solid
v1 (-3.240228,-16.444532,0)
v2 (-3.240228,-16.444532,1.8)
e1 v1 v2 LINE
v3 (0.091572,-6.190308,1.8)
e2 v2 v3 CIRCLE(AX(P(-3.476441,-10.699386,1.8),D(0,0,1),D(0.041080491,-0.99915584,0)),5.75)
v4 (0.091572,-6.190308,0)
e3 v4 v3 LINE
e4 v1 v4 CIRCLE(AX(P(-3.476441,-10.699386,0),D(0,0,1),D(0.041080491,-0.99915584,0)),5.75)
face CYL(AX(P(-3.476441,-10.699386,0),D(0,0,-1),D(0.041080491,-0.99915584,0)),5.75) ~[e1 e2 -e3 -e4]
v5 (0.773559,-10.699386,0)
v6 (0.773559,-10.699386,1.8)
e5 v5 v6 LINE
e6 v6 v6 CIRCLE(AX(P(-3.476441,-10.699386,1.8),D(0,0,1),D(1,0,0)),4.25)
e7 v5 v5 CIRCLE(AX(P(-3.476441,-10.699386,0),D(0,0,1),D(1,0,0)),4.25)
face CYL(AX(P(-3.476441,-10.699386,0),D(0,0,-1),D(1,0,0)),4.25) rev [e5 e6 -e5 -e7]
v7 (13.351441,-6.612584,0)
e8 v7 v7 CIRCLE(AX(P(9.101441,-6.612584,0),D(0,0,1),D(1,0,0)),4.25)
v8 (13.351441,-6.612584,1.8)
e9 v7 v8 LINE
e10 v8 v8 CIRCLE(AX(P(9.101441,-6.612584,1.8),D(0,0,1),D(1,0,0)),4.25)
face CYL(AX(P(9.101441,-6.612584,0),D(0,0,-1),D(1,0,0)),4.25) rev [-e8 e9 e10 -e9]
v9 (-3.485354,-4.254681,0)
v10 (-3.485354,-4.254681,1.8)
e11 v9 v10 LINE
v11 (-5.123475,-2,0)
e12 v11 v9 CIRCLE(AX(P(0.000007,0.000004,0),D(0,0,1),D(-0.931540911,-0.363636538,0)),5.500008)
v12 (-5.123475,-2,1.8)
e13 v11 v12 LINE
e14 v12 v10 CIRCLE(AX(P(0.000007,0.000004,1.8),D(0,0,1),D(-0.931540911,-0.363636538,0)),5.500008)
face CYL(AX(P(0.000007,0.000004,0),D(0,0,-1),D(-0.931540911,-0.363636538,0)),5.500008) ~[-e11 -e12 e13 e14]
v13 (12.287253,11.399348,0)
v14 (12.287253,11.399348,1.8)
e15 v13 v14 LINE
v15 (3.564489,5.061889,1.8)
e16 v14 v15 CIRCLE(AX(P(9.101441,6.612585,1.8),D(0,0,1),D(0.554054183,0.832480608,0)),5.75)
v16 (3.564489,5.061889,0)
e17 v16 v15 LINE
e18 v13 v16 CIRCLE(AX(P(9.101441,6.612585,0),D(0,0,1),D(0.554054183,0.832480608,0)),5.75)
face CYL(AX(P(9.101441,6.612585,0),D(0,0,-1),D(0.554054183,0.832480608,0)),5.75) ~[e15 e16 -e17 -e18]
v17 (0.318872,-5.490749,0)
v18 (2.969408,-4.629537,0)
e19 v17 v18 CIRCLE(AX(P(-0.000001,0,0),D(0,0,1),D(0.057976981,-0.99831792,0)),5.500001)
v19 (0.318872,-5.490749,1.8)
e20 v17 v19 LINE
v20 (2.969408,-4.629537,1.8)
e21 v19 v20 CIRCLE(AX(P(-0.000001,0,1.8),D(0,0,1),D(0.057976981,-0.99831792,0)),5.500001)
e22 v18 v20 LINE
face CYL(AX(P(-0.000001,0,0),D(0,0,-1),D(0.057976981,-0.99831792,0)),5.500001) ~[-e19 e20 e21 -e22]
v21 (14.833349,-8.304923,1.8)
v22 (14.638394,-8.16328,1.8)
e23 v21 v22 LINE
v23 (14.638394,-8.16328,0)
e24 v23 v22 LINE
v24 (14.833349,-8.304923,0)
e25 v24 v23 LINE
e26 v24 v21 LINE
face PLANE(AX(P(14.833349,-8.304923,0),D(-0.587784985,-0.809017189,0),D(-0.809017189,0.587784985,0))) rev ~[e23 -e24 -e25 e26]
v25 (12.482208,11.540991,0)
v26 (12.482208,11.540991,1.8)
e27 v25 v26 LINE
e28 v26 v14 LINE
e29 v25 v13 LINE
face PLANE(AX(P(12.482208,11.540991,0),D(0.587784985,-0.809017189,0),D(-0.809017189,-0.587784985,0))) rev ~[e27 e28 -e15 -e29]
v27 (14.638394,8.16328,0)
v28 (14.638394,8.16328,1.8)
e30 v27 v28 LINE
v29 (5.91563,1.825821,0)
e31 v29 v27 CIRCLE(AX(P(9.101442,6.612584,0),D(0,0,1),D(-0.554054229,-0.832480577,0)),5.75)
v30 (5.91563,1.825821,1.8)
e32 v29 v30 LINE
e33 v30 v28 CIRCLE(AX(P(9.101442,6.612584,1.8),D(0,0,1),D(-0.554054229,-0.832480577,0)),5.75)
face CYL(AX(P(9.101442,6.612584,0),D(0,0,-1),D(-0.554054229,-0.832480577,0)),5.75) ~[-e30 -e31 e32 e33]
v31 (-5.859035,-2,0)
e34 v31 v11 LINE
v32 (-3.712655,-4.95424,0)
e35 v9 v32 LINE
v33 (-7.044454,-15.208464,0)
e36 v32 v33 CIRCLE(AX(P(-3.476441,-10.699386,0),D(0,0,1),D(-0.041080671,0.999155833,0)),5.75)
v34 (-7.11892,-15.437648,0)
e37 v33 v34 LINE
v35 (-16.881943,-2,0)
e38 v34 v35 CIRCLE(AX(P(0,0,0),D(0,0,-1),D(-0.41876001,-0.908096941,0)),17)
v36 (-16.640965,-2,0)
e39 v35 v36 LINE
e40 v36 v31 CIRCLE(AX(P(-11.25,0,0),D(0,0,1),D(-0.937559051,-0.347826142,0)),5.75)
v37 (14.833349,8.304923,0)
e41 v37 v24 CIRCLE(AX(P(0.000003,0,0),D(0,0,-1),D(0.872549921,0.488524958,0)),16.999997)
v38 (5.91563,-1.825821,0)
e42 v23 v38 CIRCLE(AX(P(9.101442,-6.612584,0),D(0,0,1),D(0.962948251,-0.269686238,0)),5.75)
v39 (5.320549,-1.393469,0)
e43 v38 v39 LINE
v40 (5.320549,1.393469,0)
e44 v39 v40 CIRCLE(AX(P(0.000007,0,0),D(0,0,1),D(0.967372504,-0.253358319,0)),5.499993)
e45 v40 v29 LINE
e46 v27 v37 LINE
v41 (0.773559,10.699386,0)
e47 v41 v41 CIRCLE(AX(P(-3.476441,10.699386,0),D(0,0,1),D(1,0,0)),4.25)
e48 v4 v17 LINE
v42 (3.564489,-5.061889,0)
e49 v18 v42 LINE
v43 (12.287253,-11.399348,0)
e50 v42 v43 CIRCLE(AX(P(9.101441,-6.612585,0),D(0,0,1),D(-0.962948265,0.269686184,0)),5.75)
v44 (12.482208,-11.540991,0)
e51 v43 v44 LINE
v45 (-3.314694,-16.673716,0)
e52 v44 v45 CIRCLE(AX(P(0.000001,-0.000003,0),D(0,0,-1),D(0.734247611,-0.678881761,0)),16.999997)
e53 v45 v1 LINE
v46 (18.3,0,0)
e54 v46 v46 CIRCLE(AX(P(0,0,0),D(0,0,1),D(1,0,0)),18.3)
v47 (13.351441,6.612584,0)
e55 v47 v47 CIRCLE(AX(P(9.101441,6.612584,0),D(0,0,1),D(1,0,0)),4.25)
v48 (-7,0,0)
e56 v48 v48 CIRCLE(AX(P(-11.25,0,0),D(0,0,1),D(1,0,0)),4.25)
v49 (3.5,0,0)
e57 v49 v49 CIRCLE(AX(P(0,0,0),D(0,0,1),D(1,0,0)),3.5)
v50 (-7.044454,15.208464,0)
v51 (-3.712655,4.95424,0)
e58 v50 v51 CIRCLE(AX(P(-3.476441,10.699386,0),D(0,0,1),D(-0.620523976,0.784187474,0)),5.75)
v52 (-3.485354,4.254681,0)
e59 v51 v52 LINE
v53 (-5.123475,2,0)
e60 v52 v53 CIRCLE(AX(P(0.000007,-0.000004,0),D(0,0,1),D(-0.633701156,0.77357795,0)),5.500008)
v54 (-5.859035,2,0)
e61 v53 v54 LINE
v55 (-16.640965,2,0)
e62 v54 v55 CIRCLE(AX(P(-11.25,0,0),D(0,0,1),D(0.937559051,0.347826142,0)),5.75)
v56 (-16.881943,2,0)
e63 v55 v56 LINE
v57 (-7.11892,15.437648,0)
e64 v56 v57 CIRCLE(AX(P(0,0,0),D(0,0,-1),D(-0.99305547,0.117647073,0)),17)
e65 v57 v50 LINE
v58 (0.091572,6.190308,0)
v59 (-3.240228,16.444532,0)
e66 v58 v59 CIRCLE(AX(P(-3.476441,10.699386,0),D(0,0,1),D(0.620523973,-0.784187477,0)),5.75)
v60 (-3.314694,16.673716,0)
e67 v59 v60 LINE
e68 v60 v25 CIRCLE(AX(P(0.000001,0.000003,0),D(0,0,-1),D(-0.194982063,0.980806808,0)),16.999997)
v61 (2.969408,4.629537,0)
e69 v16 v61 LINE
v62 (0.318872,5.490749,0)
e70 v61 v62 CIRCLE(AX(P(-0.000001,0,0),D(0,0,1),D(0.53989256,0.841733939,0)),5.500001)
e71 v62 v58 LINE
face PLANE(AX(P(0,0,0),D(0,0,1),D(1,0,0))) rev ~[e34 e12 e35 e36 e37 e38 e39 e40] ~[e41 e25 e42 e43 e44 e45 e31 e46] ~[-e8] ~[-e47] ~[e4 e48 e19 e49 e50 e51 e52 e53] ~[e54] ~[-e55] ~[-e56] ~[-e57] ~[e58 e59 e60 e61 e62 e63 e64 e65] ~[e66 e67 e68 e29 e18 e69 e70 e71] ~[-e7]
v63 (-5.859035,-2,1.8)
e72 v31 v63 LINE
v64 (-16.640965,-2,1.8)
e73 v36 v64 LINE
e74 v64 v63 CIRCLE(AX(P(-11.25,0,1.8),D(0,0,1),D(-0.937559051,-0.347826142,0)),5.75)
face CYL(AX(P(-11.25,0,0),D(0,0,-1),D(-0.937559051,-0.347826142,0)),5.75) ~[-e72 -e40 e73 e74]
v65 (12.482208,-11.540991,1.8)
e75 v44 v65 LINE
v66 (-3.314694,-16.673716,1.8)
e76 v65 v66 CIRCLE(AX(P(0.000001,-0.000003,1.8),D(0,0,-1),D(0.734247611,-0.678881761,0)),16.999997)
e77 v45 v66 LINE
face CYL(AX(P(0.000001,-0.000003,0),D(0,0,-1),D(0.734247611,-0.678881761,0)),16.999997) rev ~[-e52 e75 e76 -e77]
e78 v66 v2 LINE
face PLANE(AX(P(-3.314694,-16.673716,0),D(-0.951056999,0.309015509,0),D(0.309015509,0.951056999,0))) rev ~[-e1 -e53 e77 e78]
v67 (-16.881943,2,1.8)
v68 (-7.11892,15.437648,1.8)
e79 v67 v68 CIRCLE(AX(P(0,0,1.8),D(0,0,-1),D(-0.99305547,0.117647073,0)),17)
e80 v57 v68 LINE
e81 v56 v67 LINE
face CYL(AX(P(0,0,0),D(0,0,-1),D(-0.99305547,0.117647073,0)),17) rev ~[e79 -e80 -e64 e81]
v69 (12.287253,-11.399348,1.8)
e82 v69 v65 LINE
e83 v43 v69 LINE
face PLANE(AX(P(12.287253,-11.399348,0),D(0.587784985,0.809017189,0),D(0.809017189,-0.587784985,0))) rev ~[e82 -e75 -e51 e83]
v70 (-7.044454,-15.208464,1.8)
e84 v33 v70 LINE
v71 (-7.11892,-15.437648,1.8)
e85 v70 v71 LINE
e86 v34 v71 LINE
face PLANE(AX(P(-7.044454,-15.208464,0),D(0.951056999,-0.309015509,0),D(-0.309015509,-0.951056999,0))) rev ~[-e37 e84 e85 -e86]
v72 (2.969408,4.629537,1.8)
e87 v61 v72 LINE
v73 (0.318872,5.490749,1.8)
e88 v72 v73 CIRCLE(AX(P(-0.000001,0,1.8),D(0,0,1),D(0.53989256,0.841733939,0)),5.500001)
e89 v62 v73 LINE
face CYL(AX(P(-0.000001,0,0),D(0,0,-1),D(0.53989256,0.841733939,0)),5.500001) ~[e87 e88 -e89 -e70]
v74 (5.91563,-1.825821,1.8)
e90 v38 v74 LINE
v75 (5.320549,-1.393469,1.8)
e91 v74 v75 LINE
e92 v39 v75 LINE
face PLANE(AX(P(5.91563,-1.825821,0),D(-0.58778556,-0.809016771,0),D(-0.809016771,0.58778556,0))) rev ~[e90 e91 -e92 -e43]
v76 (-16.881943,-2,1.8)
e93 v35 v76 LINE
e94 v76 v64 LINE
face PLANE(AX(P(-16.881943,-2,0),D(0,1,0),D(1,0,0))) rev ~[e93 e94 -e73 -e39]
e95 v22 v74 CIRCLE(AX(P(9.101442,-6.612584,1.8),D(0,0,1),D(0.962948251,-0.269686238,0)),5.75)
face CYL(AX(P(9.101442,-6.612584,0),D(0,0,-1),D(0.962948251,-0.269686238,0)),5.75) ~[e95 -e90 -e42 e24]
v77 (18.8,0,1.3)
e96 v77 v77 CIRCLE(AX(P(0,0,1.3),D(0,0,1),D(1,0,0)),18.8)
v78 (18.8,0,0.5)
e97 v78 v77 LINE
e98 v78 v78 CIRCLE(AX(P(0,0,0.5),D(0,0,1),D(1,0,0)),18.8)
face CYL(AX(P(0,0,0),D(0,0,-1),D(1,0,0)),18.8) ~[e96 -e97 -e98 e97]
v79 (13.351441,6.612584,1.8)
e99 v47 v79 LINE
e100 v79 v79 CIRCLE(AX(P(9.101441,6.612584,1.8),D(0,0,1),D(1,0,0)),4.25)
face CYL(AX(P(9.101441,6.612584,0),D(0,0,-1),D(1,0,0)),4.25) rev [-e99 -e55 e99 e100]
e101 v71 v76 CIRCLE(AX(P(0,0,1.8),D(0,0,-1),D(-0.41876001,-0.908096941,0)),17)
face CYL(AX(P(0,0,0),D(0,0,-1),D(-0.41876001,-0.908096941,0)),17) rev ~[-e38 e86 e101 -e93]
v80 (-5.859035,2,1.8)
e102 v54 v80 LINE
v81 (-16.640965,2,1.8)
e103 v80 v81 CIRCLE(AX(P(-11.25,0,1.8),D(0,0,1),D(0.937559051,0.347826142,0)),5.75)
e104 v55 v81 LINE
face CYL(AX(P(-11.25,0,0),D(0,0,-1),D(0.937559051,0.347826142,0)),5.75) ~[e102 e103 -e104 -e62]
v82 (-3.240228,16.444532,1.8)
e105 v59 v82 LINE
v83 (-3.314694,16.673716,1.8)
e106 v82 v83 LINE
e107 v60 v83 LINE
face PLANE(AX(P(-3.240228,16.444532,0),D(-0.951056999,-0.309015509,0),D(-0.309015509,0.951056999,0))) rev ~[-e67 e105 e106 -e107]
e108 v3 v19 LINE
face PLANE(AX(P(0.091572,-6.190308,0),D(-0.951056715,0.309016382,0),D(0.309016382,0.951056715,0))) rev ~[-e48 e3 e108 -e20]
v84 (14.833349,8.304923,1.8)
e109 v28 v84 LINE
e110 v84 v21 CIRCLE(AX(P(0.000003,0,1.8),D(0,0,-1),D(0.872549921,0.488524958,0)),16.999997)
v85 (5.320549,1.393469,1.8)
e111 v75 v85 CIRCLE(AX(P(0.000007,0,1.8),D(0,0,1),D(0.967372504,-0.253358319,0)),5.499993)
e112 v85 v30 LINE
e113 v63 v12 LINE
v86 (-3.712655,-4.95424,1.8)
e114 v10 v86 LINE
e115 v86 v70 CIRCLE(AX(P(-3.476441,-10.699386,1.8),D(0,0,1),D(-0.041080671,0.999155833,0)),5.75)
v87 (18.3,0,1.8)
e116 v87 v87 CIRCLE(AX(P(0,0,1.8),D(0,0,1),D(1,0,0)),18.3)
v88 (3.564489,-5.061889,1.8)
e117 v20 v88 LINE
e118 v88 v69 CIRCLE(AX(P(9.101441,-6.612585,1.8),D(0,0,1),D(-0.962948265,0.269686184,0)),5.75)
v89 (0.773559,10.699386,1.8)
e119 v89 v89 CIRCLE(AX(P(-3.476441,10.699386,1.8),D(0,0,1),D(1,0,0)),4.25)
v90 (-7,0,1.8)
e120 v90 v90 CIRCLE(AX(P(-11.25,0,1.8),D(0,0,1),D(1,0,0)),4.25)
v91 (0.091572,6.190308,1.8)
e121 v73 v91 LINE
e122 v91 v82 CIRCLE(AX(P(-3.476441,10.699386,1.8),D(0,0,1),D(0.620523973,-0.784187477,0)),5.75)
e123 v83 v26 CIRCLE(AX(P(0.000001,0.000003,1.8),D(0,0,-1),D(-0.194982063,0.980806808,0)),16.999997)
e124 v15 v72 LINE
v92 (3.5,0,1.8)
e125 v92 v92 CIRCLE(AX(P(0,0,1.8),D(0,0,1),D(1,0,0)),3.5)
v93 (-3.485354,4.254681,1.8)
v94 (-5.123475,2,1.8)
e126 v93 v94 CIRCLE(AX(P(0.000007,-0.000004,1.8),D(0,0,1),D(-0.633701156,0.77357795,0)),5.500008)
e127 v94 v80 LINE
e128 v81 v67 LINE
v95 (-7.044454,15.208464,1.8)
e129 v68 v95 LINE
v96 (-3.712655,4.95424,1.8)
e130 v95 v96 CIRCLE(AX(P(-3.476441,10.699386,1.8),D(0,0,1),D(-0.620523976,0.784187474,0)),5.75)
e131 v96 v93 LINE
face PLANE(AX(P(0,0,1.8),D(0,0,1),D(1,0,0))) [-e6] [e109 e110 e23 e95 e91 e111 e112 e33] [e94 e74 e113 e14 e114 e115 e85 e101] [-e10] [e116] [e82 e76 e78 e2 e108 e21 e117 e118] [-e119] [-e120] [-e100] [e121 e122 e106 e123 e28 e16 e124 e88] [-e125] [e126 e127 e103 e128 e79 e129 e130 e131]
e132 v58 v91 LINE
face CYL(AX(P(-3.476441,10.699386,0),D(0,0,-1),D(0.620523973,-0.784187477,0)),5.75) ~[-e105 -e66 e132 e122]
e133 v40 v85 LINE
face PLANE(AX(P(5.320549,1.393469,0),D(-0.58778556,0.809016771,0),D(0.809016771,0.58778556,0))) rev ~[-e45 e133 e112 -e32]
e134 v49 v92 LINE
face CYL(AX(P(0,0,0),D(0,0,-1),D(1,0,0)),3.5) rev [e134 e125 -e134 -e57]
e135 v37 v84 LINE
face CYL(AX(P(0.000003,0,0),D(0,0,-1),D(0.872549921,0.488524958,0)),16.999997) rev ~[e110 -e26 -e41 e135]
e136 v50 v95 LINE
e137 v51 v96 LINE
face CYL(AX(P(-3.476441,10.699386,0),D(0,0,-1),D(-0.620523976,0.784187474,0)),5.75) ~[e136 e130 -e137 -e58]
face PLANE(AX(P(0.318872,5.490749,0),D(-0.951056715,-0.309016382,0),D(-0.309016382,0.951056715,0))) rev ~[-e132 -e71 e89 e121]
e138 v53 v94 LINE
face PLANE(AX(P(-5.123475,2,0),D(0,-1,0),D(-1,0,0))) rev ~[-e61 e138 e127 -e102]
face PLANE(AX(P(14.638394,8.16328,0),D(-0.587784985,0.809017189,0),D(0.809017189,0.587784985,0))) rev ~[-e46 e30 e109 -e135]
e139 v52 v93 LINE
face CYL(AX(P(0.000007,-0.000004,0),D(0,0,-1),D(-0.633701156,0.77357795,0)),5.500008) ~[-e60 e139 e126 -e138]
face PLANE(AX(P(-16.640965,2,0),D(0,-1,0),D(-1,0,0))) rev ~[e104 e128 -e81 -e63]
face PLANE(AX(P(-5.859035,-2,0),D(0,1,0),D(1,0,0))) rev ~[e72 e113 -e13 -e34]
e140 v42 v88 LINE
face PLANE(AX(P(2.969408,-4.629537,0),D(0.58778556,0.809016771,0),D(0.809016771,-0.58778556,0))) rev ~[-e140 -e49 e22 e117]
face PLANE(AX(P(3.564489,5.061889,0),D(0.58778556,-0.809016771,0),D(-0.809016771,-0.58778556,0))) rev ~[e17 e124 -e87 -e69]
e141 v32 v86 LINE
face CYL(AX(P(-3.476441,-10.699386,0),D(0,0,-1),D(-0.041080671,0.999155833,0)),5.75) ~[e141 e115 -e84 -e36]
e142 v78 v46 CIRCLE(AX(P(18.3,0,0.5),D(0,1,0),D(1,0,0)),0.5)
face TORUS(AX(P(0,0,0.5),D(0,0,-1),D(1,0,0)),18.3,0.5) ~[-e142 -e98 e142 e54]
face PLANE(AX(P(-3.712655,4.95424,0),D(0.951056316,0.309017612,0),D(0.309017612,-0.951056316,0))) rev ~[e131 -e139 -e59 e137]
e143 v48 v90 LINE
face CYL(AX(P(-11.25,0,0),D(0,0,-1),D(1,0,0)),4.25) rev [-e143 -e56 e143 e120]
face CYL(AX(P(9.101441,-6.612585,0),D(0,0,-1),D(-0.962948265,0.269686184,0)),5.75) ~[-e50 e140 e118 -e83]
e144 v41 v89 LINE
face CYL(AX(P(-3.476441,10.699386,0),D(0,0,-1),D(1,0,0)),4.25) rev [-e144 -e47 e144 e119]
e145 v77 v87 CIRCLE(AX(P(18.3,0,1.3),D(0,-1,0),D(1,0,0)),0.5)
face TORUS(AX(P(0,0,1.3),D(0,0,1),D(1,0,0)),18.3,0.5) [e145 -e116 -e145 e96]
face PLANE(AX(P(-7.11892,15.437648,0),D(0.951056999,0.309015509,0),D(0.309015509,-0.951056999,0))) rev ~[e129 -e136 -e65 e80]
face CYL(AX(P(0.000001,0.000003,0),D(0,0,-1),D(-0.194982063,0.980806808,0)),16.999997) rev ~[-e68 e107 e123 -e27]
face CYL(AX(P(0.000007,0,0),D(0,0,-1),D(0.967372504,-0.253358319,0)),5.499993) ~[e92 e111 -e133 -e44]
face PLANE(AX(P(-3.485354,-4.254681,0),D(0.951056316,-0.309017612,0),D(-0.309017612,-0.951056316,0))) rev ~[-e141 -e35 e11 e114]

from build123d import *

# Parameters (mm, degrees)
F0_R     = 18.8
F0_R_2   = 4.25
F0_R_3   = 3.5
F1_DEPTH = 1.8
F2_R     = 0.5


with BuildPart() as f1:
    # F0 (on Top) → F1 (new body)
    with BuildSketch(Plane.XY):
        Circle(F0_R)
        with Locations((-3.476441, -10.699386)):
            Circle(F0_R_2, mode=Mode.SUBTRACT)
        with BuildLine():
            Line((-3.485354, -4.254681), (-3.712655, -4.95424))
            ThreePointArc((-3.712655, -4.95424), (-8.945016, -8.922538), (-7.044454, -15.208464))
            Line((-7.044454, -15.208464), (-7.11892, -15.437648))
            ThreePointArc((-7.11892, -15.437648), (-13.753289, -9.992349), (-16.881943, -2))
            Line((-16.881943, -2), (-16.640965, -2))
            ThreePointArc((-16.640965, -2), (-11.25, -5.75), (-5.859035, -2))
            Line((-5.859035, -2), (-5.123475, -2))
            ThreePointArc((-5.123475, -2), (-4.449593, -3.232819), (-3.485354, -4.254681))
        make_face(mode=Mode.SUBTRACT)
        with BuildLine():
            ThreePointArc((12.482208, -11.540991), (5.253289, -16.167961), (-3.314694, -16.673716))
            Line((-3.314694, -16.673716), (-3.240228, -16.444532))
            ThreePointArc((-3.240228, -16.444532), (1.992134, -12.476234), (0.091572, -6.190308))
            Line((0.091572, -6.190308), (0.318872, -5.490749))
            ThreePointArc((0.318872, -5.490749), (1.699593, -5.230811), (2.969408, -4.629537))
            Line((2.969408, -4.629537), (3.564489, -5.061889))
            ThreePointArc((3.564489, -5.061889), (5.721676, -11.264432), (12.287253, -11.399348))
            Line((12.287253, -11.399348), (12.482208, -11.540991))
        make_face(mode=Mode.SUBTRACT)
        with Locations((9.101441, -6.612584)):
            Circle(F0_R_2, mode=Mode.SUBTRACT)
        with Locations((-11.25, 0)):
            Circle(F0_R_2, mode=Mode.SUBTRACT)
        with BuildLine():
            Line((-3.712655, 4.95424), (-3.485354, 4.254681))
            ThreePointArc((-3.485354, 4.254681), (-4.449593, 3.232819), (-5.123475, 2))
            Line((-5.123475, 2), (-5.859035, 2))
            ThreePointArc((-5.859035, 2), (-11.25, 5.75), (-16.640965, 2))
            Line((-16.640965, 2), (-16.881943, 2))
            ThreePointArc((-16.881943, 2), (-13.753289, 9.992349), (-7.11892, 15.437648))
            Line((-7.11892, 15.437648), (-7.044454, 15.208464))
            ThreePointArc((-7.044454, 15.208464), (-8.945016, 8.922538), (-3.712655, 4.95424))
        make_face(mode=Mode.SUBTRACT)
        with Locations((-3.476441, 10.699386)):
            Circle(F0_R_2, mode=Mode.SUBTRACT)
        Circle(F0_R_3, mode=Mode.SUBTRACT)
        with Locations((9.101441, 6.612584)):
            Circle(F0_R_2, mode=Mode.SUBTRACT)
        with BuildLine():
            Line((14.833349, -8.304923), (14.638394, -8.16328))
            ThreePointArc((14.638394, -8.16328), (12.481206, -1.960736), (5.91563, -1.825821))
            Line((5.91563, -1.825821), (5.320549, -1.393469))
            ThreePointArc((5.320549, -1.393469), (5.5, 0), (5.320549, 1.393469))
            Line((5.320549, 1.393469), (5.91563, 1.825821))
            ThreePointArc((5.91563, 1.825821), (12.481206, 1.960736), (14.638394, 8.16328))
            Line((14.638394, 8.16328), (14.833349, 8.304923))
            ThreePointArc((14.833349, 8.304923), (17, 0), (14.833349, -8.304923))
        make_face(mode=Mode.SUBTRACT)
        with BuildLine():
            ThreePointArc((-3.314694, 16.673716), (5.253289, 16.167961), (12.482208, 11.540991))
            Line((12.482208, 11.540991), (12.287253, 11.399348))
            ThreePointArc((12.287253, 11.399348), (5.721676, 11.264432), (3.564489, 5.061889))
            Line((3.564489, 5.061889), (2.969408, 4.629537))
            ThreePointArc((2.969408, 4.629537), (1.699593, 5.230811), (0.318872, 5.490749))
            Line((0.318872, 5.490749), (0.091572, 6.190308))
            ThreePointArc((0.091572, 6.190308), (1.992134, 12.476234), (-3.240228, 16.444532))
            Line((-3.240228, 16.444532), (-3.314694, 16.673716))
        make_face(mode=Mode.SUBTRACT)
    extrude(amount=F1_DEPTH)

    # F2
    f2_edges = [f1.edges().sort_by_distance(p)[0] for p in [
        (-18.8, 0, 1.8),
        (-18.8, 0, 0),
    ]]
    fillet(f2_edges, radius=F2_R)


solid = f1.part
